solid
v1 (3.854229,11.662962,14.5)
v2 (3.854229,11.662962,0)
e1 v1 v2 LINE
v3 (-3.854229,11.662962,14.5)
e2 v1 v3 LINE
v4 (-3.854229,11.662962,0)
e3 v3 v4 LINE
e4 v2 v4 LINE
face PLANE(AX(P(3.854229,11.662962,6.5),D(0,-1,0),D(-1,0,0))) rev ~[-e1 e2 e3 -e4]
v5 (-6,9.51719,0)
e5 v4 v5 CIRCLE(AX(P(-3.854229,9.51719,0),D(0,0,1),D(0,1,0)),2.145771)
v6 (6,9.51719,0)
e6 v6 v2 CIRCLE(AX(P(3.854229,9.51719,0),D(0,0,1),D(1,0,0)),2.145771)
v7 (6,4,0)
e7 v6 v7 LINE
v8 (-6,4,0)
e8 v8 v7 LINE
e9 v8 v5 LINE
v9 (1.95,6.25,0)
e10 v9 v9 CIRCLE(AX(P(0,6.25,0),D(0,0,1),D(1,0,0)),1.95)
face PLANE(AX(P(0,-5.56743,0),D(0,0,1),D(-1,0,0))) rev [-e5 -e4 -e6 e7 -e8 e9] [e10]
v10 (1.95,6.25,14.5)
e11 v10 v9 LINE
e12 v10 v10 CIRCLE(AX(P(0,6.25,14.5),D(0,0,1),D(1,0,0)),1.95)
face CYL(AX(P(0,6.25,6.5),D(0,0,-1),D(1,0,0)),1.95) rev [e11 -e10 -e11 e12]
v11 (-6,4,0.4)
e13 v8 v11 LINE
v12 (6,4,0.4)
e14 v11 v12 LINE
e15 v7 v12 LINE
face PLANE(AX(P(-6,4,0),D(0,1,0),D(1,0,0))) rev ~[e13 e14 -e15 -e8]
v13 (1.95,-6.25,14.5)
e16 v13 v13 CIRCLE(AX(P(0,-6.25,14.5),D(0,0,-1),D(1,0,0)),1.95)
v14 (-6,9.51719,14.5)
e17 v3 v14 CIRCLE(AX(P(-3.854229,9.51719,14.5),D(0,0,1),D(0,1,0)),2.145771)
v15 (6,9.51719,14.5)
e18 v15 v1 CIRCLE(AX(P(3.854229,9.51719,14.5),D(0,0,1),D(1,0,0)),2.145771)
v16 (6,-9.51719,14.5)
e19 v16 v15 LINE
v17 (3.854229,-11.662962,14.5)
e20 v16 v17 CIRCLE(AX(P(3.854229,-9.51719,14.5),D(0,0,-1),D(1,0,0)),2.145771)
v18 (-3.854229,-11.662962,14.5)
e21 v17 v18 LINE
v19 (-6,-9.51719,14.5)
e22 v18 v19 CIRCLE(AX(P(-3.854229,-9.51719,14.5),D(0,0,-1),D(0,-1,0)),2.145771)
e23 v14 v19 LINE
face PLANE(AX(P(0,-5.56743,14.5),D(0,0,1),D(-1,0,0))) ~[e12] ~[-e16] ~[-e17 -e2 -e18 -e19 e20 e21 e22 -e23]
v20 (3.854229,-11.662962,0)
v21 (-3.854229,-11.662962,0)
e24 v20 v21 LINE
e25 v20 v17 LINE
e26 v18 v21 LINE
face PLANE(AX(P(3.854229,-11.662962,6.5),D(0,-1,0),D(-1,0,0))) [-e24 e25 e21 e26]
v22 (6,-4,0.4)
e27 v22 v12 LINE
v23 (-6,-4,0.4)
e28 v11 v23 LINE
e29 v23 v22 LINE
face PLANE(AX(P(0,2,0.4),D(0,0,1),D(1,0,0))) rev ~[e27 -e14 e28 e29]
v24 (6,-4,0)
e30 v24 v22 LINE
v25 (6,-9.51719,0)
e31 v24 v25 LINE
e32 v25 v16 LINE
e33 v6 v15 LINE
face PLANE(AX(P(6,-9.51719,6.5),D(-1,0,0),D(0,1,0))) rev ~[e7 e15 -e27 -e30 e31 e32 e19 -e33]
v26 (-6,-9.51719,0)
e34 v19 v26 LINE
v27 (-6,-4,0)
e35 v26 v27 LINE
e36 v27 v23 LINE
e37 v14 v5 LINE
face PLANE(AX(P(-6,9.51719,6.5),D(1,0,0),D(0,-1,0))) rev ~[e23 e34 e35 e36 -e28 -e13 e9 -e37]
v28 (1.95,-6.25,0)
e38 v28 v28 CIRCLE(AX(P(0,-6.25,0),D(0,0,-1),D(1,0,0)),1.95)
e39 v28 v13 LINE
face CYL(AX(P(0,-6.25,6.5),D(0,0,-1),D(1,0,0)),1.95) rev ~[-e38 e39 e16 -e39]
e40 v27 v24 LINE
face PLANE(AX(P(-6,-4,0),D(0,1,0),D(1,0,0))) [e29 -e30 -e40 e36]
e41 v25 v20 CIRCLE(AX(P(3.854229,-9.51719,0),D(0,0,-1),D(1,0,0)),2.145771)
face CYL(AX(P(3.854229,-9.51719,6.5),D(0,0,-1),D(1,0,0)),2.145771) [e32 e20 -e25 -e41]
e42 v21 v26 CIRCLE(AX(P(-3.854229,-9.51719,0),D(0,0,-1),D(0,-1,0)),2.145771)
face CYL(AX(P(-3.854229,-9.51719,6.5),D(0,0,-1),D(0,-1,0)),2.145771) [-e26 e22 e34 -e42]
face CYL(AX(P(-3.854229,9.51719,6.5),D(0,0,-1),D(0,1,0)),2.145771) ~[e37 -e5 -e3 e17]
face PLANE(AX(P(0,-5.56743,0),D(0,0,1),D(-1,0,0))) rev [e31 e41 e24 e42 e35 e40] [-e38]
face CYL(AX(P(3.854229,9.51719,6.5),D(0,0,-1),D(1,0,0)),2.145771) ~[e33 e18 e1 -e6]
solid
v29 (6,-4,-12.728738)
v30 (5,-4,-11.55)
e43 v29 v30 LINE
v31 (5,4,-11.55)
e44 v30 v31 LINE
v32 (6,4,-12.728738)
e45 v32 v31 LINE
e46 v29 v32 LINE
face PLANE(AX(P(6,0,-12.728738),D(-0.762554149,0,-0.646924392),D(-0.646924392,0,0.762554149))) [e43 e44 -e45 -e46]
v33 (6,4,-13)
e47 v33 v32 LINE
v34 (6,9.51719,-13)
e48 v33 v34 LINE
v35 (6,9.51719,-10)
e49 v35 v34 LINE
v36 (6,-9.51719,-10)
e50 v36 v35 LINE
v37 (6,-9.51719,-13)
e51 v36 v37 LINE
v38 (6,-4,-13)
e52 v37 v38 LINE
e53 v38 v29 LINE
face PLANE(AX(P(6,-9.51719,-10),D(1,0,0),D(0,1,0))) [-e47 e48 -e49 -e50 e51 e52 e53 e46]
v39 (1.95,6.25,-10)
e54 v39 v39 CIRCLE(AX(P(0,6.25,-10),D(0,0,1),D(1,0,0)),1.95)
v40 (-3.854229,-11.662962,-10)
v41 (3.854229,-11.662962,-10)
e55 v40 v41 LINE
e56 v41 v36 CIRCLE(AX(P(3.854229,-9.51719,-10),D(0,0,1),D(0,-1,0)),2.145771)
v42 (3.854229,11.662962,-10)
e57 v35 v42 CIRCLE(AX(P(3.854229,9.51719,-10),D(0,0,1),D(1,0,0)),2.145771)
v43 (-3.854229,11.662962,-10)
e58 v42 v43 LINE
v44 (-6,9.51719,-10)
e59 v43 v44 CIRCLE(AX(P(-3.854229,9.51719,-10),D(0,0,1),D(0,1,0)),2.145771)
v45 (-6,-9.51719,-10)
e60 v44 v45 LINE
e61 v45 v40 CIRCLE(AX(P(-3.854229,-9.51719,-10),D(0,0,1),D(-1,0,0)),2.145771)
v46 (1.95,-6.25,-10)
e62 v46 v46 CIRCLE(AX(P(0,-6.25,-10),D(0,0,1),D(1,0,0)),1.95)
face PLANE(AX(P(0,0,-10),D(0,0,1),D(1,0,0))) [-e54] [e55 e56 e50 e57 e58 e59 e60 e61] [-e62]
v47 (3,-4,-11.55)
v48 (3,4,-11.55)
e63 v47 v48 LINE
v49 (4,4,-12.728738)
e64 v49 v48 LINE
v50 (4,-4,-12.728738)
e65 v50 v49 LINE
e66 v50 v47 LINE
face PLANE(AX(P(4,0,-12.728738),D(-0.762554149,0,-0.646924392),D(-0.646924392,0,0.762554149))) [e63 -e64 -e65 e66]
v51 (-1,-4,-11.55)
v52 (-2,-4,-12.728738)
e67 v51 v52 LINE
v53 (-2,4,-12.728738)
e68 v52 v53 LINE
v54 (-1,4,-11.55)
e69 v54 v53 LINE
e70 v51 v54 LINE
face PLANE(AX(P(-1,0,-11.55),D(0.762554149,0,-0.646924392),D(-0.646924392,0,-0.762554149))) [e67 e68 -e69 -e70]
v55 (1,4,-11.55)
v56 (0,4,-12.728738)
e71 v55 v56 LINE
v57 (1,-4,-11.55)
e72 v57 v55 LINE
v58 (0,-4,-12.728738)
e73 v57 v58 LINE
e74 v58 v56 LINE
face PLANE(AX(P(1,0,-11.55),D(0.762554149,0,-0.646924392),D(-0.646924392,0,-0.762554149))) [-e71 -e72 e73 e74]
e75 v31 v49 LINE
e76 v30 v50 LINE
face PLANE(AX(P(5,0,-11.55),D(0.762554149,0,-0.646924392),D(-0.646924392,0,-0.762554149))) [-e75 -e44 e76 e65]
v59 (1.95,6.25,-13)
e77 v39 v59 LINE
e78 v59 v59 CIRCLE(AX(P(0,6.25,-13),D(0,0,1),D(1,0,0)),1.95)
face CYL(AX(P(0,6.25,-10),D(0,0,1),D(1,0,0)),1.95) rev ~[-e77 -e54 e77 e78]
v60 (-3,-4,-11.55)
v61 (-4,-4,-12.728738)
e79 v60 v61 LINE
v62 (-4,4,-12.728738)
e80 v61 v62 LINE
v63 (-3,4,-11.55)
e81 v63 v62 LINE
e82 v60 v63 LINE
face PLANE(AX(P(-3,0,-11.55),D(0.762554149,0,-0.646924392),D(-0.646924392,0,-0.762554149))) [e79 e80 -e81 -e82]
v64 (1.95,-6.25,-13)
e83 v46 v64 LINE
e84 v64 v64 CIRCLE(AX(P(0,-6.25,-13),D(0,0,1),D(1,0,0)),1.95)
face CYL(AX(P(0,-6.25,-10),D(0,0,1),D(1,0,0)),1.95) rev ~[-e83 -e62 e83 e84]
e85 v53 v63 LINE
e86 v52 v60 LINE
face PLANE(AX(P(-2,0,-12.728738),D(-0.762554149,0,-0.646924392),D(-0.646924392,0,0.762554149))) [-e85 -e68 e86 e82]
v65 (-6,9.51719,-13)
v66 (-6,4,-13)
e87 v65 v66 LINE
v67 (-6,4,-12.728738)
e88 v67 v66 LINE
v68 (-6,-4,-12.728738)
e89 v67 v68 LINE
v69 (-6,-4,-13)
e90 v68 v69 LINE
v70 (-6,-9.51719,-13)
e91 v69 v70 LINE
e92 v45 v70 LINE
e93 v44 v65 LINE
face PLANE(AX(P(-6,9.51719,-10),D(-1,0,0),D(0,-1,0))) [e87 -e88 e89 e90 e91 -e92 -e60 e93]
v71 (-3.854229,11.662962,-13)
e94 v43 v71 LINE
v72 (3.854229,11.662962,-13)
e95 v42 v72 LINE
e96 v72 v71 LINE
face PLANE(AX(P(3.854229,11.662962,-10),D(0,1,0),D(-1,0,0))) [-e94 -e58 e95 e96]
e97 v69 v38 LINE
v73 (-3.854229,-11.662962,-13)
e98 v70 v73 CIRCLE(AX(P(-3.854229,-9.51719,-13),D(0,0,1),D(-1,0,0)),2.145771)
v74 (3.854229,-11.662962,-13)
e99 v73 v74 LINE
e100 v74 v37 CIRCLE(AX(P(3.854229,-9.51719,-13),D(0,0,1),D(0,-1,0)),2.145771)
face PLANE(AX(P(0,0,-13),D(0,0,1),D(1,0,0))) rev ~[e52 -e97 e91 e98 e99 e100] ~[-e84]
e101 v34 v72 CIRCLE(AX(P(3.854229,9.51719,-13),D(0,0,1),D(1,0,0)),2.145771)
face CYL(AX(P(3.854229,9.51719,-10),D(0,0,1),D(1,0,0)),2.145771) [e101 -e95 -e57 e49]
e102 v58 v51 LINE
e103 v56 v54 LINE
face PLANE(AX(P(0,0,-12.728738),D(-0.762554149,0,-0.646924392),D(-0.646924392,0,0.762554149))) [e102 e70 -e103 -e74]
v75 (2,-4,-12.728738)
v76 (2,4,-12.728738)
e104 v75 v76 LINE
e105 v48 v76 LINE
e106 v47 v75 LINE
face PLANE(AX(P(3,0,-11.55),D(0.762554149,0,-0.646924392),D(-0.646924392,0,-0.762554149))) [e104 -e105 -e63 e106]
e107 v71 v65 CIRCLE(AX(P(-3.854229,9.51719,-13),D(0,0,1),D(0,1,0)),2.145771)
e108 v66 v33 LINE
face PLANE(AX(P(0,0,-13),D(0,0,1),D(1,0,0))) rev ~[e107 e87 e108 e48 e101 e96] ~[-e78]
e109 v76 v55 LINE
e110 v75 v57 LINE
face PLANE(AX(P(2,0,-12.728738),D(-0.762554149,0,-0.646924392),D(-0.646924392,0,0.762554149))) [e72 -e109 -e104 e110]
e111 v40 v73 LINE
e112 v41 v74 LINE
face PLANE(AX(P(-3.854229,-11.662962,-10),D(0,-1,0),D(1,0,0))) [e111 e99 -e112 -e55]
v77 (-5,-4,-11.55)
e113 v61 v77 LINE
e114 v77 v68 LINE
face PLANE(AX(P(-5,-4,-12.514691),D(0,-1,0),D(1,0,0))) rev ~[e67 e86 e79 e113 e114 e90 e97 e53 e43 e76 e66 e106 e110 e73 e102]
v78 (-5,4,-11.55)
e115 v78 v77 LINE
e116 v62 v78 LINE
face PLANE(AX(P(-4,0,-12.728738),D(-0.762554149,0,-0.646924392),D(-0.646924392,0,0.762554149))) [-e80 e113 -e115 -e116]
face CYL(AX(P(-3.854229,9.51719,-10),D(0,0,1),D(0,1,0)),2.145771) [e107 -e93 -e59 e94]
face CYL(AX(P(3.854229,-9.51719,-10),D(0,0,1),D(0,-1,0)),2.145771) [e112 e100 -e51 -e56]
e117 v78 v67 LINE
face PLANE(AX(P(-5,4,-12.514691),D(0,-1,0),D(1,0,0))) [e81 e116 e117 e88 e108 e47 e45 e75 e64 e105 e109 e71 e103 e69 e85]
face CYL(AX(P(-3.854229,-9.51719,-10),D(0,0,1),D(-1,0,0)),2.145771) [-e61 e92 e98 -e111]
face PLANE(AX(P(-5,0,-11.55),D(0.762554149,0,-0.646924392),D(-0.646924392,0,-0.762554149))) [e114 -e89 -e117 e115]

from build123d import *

# Parameters (mm, degrees)
F0_R          = 1.95
F1_DEPTH      = 6.5
F4_R          = 1.95
F5_DEPTH      = 3
F7_DEPTH      = 4
F7_DEPTH_BACK = 4
F8_W          = 12
F8_H          = 4
F9_DEPTH      = 0.4
F10_DEPTH     = 8


with BuildPart() as f1:
    # F0 (on Top) → F1 (new body)
    with BuildSketch(Plane.XY):
        with BuildLine():
            Line((3.854228543, 11.6629619151), (-3.854228543, 11.6629619151))
            ThreePointArc((-3.854228543, 11.6629619151), (-5.3715180911, 11.0344800063), (-6, 9.5171904582))
            Line((-6, 9.5171904582), (-6, 0))
            Line((-6, 0), (6, 0))
            Line((6, 0), (6, 9.5171904582))
            ThreePointArc((6, 9.5171904582), (5.3715180911, 11.0344800063), (3.854228543, 11.6629619151))
        make_face()
        with Locations((0, 6.25)):
            Circle(F0_R, mode=Mode.SUBTRACT)
    extrude(amount=F1_DEPTH)

    # F2: F1 across plane


with BuildPart() as f1_1:
    add(f1.part)
    add(f1.part.mirror(Plane.XZ))

    # F8 (on Top) → F9 (cut)
    with BuildSketch(Plane.XY):
        with Locations((0, 2)):
            Rectangle(F8_W, F8_H)
        with Locations((0, -2)):
            Rectangle(F8_W, F8_H)
    extrude(amount=F9_DEPTH, mode=Mode.SUBTRACT)

    # F10 (add): a face of the model
    f10_faces = [f1_1.faces().sort_by_distance(p)[0] for p in [
        (0, 0, 6.5),
    ]]
    extrude(f10_faces, amount=F10_DEPTH)


with BuildPart() as f5:
    # F4 (on offset) → F5 (new body)
    with BuildSketch(Plane.XY.offset(-10)):
        with BuildLine():
            ThreePointArc((-3.854228543, 11.6629619151), (-5.3715180911, 11.0344800063), (-6, 9.5171904582))
            Line((-6, 9.5171904582), (-6, -9.5171904582))
            ThreePointArc((-6, -9.5171904582), (-5.3715180911, -11.0344800063), (-3.854228543, -11.6629619151))
            Line((-3.854228543, -11.6629619151), (3.854228543, -11.6629619151))
            ThreePointArc((3.854228543, -11.6629619151), (5.3715180911, -11.0344800063), (6, -9.5171904582))
            Line((6, -9.5171904582), (6, 9.5171904582))
            ThreePointArc((6, 9.5171904582), (5.3715180911, 11.0344800063), (3.854228543, 11.6629619151))
            Line((3.854228543, 11.6629619151), (-3.854228543, 11.6629619151))
        make_face()
        with Locations((0, -6.25)):
            Circle(F4_R, mode=Mode.SUBTRACT)
        with Locations((0, 6.25)):
            Circle(F4_R, mode=Mode.SUBTRACT)
    extrude(amount=-F5_DEPTH)

    # F6 (on Front) → F7 (cut, two sides)
    with BuildSketch(Plane.XZ) as f7_sk:
        Polygon((-6, -12.7287376672), (-6, -13), (-4, -13), (-4, -12.7287376672), (-5, -11.55), align=None)
        Polygon((-4, -12.7287376672), (-4, -13), (-2, -13), (-2, -12.7287376672), (-3, -11.55), align=None)
        Polygon((-2, -12.7287376672), (-2, -13), (0, -13), (0, -12.7287376672), (-1, -11.55), align=None)
        Polygon((0, -12.7287376672), (0, -13), (2, -13), (2, -12.7287376672), (1, -11.55), align=None)
        Polygon((2, -12.7287376672), (2, -13), (4, -13), (4, -12.7287376672), (3, -11.55), align=None)
        Polygon((4, -12.7287376672), (4, -13), (6, -13), (6, -12.7287376672), (5, -11.55), align=None)
    extrude(amount=-F7_DEPTH, mode=Mode.SUBTRACT)
    extrude(f7_sk.sketch, amount=F7_DEPTH_BACK, mode=Mode.SUBTRACT)


solid = Compound([f1_1.part, f5.part])
